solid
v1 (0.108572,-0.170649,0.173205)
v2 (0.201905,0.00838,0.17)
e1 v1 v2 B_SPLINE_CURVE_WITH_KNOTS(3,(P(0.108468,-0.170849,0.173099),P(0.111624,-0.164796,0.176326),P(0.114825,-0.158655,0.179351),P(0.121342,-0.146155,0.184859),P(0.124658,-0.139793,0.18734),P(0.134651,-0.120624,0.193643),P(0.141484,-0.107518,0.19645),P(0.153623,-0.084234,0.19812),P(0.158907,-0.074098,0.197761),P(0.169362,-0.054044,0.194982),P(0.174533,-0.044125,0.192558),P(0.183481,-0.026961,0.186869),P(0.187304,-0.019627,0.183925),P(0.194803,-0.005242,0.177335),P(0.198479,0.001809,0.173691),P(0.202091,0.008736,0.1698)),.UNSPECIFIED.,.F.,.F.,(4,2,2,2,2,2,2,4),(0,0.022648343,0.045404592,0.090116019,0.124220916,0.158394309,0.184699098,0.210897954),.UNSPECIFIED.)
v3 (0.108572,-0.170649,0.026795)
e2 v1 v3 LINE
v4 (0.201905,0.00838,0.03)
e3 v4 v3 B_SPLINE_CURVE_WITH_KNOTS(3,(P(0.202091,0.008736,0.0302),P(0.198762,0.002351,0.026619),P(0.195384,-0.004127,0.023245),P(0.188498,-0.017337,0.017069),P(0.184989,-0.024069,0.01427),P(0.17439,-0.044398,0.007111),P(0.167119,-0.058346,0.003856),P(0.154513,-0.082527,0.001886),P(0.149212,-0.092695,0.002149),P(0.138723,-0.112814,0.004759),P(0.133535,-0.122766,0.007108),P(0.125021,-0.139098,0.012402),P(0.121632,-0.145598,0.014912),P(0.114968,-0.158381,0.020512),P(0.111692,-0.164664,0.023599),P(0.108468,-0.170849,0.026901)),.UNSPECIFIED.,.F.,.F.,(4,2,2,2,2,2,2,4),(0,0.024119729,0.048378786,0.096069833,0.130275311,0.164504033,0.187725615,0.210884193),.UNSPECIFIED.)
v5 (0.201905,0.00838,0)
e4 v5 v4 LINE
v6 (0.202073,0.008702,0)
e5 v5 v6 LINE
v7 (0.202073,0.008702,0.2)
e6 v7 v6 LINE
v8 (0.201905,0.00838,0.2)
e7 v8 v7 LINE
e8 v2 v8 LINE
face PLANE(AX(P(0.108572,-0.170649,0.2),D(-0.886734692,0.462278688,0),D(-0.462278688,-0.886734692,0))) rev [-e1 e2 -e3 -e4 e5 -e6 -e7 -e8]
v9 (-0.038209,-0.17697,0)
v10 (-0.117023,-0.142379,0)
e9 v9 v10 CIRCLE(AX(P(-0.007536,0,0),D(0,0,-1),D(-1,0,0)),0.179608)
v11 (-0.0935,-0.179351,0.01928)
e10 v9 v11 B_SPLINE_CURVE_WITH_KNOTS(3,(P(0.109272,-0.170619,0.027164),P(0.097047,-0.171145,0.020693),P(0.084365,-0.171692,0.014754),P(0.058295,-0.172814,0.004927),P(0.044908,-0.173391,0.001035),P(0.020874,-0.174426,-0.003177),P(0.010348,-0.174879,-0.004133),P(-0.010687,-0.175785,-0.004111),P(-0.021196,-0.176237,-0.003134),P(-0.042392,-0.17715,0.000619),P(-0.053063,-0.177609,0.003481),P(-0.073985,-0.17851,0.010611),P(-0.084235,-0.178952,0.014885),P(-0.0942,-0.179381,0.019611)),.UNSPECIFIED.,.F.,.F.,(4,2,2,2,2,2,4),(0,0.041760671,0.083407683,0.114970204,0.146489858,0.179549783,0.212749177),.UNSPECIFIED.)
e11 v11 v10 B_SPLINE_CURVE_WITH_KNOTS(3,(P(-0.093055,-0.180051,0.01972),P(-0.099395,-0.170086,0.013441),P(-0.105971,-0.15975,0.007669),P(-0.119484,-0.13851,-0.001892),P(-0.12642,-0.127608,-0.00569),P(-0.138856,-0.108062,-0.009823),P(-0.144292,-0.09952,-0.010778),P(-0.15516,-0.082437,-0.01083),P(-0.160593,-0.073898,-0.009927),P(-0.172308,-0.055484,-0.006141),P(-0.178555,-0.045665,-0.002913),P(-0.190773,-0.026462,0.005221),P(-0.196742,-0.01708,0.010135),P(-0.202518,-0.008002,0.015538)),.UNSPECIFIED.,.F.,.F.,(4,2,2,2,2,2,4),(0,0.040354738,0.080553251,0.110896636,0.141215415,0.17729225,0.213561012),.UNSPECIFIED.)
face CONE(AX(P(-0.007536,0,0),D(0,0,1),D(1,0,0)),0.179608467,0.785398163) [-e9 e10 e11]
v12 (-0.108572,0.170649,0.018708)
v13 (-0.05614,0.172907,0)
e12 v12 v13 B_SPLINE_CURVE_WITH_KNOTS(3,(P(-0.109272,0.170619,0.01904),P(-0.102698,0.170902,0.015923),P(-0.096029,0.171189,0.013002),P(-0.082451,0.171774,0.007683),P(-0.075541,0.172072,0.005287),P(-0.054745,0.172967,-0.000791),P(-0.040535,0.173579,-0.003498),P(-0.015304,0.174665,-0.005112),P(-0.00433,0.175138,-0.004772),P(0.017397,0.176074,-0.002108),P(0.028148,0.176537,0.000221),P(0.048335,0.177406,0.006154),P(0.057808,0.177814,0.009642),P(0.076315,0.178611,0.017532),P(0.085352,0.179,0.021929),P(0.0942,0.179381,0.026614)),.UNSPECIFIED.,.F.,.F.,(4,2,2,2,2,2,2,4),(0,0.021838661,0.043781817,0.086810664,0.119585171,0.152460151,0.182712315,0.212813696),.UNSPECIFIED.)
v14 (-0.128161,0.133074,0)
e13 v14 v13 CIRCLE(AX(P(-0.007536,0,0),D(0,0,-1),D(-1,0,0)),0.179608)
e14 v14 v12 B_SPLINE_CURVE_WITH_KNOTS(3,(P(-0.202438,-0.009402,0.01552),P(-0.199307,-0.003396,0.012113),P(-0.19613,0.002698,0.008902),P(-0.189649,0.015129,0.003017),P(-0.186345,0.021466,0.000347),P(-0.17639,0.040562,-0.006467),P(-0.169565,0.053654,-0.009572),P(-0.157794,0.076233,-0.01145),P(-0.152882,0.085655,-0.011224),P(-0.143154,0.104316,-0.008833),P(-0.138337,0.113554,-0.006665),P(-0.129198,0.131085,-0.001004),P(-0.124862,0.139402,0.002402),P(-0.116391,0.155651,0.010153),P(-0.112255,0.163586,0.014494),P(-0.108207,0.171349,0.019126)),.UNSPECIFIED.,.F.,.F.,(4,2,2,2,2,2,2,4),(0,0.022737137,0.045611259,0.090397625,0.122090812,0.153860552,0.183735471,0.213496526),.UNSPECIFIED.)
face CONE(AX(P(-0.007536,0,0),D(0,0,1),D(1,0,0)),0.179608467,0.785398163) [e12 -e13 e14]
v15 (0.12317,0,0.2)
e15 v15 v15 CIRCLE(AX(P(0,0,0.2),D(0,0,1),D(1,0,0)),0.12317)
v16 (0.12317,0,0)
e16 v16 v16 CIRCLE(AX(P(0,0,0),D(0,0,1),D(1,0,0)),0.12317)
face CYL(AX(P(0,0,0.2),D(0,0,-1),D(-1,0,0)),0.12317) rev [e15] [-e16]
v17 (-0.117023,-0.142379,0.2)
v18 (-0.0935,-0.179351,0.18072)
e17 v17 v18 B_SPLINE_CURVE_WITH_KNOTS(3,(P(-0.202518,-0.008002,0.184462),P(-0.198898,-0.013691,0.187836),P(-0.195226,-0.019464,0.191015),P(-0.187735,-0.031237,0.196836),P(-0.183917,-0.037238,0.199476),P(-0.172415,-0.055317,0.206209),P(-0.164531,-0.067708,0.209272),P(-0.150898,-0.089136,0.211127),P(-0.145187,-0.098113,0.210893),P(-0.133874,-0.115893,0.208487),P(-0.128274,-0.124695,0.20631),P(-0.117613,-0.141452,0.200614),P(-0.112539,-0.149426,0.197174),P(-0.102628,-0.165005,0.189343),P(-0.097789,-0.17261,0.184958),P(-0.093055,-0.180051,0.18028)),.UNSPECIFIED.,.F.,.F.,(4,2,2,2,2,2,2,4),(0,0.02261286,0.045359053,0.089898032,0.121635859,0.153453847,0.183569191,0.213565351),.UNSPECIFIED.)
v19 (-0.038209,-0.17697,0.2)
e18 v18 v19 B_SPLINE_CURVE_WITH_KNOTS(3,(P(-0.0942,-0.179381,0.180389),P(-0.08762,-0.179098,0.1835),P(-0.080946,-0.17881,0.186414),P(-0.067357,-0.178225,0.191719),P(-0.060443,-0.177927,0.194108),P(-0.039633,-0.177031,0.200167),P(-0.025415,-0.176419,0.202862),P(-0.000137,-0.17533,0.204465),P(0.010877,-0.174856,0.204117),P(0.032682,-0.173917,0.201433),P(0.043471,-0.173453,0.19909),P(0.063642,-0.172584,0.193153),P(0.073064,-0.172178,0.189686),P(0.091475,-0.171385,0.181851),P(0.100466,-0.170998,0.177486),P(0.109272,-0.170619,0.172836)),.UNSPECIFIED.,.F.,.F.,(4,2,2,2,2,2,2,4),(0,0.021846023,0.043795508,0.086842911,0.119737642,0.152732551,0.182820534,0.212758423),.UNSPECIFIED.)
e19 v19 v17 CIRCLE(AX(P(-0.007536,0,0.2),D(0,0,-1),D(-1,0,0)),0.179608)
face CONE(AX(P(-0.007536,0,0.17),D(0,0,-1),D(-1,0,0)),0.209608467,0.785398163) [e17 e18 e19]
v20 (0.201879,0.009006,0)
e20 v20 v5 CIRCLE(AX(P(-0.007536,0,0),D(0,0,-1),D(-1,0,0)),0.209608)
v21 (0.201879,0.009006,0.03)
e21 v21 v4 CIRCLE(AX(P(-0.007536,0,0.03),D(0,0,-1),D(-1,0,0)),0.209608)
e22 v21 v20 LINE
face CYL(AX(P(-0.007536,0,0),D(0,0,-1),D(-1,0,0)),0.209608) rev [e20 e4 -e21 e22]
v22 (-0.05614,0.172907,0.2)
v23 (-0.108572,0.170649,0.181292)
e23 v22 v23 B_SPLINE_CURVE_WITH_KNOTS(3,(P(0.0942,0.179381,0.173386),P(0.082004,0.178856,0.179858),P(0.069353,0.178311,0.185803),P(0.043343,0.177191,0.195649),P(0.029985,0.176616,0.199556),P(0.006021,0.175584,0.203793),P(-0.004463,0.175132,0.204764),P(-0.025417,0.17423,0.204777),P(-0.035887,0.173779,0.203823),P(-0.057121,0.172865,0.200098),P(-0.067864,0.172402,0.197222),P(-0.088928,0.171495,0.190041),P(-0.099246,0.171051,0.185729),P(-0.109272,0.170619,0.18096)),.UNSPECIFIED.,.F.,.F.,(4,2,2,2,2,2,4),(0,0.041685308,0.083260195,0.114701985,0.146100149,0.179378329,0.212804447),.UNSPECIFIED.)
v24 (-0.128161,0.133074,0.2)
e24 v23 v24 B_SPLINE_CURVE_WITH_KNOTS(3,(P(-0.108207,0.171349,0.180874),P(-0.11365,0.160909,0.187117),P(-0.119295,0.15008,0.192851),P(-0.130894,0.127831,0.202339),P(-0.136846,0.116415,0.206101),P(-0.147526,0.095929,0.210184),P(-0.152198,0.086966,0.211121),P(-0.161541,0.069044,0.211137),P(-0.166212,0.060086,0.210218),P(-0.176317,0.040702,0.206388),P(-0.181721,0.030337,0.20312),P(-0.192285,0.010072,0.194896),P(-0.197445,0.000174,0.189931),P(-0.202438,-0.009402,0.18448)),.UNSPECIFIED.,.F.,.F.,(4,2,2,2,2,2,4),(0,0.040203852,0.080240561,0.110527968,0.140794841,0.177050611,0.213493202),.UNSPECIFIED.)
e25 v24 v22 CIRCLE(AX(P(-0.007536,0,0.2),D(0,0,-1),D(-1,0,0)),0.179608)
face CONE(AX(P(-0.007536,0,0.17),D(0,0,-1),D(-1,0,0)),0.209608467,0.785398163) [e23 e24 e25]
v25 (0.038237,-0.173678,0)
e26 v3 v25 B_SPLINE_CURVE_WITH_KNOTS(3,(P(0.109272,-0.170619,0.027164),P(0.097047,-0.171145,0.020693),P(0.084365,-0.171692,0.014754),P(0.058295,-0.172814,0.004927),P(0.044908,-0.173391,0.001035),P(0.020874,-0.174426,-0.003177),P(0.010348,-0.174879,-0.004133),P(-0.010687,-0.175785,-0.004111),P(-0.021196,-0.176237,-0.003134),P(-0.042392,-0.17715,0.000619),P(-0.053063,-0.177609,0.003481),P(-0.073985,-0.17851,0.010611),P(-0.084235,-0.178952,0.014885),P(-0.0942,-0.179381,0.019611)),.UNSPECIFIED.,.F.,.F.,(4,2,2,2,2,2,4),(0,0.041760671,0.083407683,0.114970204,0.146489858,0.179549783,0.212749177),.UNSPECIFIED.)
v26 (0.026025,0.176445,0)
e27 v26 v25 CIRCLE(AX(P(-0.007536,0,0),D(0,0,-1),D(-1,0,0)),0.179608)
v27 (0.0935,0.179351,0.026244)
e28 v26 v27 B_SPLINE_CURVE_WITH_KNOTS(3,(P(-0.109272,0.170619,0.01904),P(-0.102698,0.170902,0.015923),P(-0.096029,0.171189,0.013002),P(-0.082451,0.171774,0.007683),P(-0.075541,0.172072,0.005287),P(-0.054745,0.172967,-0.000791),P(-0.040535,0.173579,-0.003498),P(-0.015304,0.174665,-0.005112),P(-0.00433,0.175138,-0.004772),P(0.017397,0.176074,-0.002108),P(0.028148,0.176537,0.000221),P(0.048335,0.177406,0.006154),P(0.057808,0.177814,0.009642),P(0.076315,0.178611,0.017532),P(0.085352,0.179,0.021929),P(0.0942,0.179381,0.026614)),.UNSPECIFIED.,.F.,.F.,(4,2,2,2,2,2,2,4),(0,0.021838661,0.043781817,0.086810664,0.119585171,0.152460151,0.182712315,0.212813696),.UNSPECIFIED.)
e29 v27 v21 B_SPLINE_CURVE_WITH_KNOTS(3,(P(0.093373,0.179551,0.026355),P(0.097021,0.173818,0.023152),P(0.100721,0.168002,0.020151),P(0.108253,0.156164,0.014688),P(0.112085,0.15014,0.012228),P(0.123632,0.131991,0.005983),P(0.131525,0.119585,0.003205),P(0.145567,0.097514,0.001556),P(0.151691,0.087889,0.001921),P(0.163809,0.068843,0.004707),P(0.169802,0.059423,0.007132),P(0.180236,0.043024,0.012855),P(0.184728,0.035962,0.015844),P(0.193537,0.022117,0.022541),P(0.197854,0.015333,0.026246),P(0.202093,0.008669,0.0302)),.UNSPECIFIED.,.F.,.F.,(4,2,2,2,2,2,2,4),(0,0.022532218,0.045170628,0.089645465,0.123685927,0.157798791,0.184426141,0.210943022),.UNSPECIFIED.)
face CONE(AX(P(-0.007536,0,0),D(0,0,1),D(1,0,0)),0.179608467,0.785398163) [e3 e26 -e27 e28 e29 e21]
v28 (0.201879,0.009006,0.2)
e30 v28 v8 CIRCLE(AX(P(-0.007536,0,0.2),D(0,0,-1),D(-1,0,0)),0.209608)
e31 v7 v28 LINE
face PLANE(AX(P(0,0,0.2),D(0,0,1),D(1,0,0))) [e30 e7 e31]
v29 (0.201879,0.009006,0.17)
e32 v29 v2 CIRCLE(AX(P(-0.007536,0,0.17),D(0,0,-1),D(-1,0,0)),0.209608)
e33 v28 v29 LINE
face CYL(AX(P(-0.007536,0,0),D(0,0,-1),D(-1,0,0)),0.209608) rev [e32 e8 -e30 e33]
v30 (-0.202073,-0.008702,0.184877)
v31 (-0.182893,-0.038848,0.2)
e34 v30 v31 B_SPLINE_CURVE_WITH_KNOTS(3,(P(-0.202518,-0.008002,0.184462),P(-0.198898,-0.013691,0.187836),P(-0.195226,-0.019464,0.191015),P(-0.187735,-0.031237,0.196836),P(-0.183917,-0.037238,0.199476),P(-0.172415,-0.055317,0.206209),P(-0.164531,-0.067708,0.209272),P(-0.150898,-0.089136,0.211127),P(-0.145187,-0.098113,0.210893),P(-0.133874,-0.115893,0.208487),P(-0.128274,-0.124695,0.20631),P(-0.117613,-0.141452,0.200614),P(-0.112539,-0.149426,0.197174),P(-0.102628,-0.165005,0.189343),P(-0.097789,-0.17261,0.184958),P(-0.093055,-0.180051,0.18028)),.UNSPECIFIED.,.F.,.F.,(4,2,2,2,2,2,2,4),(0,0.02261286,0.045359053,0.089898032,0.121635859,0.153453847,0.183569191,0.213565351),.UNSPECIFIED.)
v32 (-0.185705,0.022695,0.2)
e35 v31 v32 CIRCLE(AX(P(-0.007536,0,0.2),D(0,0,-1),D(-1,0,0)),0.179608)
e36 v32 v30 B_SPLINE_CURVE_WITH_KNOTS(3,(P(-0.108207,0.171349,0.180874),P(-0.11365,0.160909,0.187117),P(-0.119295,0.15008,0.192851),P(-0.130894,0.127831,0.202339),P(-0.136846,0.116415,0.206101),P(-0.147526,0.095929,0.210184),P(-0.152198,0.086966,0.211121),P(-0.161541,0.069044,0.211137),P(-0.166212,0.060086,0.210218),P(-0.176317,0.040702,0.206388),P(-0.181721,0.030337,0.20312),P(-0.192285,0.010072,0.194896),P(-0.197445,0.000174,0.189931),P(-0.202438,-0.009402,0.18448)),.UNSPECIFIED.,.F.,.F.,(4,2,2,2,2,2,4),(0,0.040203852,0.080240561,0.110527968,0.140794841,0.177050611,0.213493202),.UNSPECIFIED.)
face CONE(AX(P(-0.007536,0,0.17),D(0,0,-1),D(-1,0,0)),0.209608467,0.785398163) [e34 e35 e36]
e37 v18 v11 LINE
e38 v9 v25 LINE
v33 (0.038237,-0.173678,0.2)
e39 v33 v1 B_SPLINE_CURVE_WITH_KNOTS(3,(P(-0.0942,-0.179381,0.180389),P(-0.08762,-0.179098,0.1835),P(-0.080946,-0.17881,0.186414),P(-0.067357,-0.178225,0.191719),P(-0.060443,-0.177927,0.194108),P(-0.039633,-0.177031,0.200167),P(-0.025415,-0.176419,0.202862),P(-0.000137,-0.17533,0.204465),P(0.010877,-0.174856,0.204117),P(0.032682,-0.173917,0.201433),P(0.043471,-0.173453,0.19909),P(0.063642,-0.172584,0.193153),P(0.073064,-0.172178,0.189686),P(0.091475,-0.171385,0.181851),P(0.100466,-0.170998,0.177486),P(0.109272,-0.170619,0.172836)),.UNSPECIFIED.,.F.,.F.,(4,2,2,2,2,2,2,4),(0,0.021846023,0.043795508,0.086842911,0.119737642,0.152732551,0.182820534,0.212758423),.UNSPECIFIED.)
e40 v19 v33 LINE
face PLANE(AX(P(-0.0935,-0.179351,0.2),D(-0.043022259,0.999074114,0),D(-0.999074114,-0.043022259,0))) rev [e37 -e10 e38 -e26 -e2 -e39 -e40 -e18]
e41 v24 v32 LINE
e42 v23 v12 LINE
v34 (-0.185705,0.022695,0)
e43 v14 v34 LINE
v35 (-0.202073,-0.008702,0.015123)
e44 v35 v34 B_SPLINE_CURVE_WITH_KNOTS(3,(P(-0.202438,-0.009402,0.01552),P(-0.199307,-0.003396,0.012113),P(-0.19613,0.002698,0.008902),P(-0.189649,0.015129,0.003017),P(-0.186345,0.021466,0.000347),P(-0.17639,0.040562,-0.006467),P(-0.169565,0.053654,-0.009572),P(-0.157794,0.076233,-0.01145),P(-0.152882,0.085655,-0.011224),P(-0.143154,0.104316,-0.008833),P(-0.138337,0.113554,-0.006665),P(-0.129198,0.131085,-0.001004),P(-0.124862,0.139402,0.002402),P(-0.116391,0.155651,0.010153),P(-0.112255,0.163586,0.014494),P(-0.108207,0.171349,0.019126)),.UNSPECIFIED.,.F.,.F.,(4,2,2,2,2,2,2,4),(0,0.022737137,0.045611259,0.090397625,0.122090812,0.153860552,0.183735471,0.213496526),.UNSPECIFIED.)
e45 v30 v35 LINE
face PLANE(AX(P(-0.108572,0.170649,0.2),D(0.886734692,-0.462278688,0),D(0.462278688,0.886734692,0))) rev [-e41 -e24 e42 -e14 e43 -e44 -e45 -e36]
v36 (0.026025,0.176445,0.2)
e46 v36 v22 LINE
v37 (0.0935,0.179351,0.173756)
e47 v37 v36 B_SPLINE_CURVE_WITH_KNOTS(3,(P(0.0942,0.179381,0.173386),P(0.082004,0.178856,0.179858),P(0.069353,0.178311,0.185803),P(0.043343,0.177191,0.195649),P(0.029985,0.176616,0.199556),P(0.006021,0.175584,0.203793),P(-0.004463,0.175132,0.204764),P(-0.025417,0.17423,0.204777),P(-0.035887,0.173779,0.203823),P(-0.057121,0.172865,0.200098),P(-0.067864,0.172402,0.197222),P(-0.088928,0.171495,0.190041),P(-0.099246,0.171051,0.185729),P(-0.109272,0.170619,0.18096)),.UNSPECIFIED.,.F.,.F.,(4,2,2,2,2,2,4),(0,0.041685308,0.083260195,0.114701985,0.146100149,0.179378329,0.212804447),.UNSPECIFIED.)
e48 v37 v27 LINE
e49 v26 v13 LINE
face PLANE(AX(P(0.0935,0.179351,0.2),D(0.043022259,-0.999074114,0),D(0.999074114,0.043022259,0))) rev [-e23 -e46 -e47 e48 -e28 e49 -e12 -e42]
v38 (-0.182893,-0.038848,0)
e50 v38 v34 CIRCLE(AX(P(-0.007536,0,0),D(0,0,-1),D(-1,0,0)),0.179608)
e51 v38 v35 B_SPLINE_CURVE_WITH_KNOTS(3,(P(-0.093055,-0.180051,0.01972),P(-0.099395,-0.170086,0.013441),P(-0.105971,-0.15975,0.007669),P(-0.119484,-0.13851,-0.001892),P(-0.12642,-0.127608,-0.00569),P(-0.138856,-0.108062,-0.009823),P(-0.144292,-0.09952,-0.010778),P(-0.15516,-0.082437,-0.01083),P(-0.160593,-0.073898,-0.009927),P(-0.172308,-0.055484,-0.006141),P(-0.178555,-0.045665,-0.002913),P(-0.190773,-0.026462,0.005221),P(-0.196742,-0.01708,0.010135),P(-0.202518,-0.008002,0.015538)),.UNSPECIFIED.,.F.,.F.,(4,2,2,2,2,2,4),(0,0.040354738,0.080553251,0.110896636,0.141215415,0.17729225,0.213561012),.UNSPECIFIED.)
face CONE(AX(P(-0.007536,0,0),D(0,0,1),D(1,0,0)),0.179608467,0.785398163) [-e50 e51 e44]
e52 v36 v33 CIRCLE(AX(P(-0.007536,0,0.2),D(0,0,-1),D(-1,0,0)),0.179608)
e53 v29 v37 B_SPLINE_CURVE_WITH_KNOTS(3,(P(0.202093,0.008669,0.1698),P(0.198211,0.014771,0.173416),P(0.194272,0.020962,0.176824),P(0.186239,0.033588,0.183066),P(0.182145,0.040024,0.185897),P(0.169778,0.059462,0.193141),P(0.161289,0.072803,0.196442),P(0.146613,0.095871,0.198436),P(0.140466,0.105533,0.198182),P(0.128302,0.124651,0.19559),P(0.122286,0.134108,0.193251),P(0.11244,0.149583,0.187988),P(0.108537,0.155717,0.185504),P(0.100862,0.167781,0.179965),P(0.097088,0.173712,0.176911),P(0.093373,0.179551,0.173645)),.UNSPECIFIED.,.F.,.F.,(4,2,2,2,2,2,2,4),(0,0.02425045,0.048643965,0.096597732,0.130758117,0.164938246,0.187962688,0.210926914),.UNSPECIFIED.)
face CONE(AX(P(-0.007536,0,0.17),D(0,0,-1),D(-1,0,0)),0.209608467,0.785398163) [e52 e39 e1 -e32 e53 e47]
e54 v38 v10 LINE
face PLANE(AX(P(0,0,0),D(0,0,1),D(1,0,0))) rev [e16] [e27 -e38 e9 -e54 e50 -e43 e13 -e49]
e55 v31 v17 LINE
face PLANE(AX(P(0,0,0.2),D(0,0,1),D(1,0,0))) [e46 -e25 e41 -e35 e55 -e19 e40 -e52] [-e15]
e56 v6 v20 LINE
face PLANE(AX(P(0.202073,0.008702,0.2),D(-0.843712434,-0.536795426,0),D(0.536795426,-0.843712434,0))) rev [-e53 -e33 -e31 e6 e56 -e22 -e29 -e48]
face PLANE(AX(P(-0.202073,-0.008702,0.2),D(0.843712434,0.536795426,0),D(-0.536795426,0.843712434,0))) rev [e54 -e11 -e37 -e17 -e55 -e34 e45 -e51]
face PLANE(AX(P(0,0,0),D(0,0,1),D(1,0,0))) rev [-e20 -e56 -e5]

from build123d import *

# Parameters (mm, degrees)
SKETCH1_R           = 0.123170065
BOSS_EXTRUDE2_DEPTH = 0.2


with BuildPart() as part:
    # Sketch1 → Boss-Extrude2 (new body)
    with BuildSketch(Plane.XY):
        Polygon((-0.10857217, 0.170649162), (-0.202072594, -0.008701676), (-0.093500424, -0.179350838), (0.10857217, -0.170649162), (0.202072594, 0.008701676), (0.093500424, 0.179350838), align=None)
        Circle(SKETCH1_R, mode=Mode.SUBTRACT)
    extrude(amount=BOSS_EXTRUDE2_DEPTH)

    # Sketch3 → Cut-Revolve2 (revolve, cut)
    with BuildSketch(Plane(origin=(0, 0, 0), x_dir=(1, 0, 0), z_dir=(0, 1, 0))):
        Polygon((0.172072594, 0), (0.202072594, 0), (0.202072594, -0.03), align=None)
        Polygon((0.202072594, -0.2), (0.202072594, -0.17), (0.172072594, -0.2), align=None)
    revolve(axis=Axis((-0.007535873, 0, 0), (0, 0, 1)), mode=Mode.SUBTRACT)


solid = part.part
